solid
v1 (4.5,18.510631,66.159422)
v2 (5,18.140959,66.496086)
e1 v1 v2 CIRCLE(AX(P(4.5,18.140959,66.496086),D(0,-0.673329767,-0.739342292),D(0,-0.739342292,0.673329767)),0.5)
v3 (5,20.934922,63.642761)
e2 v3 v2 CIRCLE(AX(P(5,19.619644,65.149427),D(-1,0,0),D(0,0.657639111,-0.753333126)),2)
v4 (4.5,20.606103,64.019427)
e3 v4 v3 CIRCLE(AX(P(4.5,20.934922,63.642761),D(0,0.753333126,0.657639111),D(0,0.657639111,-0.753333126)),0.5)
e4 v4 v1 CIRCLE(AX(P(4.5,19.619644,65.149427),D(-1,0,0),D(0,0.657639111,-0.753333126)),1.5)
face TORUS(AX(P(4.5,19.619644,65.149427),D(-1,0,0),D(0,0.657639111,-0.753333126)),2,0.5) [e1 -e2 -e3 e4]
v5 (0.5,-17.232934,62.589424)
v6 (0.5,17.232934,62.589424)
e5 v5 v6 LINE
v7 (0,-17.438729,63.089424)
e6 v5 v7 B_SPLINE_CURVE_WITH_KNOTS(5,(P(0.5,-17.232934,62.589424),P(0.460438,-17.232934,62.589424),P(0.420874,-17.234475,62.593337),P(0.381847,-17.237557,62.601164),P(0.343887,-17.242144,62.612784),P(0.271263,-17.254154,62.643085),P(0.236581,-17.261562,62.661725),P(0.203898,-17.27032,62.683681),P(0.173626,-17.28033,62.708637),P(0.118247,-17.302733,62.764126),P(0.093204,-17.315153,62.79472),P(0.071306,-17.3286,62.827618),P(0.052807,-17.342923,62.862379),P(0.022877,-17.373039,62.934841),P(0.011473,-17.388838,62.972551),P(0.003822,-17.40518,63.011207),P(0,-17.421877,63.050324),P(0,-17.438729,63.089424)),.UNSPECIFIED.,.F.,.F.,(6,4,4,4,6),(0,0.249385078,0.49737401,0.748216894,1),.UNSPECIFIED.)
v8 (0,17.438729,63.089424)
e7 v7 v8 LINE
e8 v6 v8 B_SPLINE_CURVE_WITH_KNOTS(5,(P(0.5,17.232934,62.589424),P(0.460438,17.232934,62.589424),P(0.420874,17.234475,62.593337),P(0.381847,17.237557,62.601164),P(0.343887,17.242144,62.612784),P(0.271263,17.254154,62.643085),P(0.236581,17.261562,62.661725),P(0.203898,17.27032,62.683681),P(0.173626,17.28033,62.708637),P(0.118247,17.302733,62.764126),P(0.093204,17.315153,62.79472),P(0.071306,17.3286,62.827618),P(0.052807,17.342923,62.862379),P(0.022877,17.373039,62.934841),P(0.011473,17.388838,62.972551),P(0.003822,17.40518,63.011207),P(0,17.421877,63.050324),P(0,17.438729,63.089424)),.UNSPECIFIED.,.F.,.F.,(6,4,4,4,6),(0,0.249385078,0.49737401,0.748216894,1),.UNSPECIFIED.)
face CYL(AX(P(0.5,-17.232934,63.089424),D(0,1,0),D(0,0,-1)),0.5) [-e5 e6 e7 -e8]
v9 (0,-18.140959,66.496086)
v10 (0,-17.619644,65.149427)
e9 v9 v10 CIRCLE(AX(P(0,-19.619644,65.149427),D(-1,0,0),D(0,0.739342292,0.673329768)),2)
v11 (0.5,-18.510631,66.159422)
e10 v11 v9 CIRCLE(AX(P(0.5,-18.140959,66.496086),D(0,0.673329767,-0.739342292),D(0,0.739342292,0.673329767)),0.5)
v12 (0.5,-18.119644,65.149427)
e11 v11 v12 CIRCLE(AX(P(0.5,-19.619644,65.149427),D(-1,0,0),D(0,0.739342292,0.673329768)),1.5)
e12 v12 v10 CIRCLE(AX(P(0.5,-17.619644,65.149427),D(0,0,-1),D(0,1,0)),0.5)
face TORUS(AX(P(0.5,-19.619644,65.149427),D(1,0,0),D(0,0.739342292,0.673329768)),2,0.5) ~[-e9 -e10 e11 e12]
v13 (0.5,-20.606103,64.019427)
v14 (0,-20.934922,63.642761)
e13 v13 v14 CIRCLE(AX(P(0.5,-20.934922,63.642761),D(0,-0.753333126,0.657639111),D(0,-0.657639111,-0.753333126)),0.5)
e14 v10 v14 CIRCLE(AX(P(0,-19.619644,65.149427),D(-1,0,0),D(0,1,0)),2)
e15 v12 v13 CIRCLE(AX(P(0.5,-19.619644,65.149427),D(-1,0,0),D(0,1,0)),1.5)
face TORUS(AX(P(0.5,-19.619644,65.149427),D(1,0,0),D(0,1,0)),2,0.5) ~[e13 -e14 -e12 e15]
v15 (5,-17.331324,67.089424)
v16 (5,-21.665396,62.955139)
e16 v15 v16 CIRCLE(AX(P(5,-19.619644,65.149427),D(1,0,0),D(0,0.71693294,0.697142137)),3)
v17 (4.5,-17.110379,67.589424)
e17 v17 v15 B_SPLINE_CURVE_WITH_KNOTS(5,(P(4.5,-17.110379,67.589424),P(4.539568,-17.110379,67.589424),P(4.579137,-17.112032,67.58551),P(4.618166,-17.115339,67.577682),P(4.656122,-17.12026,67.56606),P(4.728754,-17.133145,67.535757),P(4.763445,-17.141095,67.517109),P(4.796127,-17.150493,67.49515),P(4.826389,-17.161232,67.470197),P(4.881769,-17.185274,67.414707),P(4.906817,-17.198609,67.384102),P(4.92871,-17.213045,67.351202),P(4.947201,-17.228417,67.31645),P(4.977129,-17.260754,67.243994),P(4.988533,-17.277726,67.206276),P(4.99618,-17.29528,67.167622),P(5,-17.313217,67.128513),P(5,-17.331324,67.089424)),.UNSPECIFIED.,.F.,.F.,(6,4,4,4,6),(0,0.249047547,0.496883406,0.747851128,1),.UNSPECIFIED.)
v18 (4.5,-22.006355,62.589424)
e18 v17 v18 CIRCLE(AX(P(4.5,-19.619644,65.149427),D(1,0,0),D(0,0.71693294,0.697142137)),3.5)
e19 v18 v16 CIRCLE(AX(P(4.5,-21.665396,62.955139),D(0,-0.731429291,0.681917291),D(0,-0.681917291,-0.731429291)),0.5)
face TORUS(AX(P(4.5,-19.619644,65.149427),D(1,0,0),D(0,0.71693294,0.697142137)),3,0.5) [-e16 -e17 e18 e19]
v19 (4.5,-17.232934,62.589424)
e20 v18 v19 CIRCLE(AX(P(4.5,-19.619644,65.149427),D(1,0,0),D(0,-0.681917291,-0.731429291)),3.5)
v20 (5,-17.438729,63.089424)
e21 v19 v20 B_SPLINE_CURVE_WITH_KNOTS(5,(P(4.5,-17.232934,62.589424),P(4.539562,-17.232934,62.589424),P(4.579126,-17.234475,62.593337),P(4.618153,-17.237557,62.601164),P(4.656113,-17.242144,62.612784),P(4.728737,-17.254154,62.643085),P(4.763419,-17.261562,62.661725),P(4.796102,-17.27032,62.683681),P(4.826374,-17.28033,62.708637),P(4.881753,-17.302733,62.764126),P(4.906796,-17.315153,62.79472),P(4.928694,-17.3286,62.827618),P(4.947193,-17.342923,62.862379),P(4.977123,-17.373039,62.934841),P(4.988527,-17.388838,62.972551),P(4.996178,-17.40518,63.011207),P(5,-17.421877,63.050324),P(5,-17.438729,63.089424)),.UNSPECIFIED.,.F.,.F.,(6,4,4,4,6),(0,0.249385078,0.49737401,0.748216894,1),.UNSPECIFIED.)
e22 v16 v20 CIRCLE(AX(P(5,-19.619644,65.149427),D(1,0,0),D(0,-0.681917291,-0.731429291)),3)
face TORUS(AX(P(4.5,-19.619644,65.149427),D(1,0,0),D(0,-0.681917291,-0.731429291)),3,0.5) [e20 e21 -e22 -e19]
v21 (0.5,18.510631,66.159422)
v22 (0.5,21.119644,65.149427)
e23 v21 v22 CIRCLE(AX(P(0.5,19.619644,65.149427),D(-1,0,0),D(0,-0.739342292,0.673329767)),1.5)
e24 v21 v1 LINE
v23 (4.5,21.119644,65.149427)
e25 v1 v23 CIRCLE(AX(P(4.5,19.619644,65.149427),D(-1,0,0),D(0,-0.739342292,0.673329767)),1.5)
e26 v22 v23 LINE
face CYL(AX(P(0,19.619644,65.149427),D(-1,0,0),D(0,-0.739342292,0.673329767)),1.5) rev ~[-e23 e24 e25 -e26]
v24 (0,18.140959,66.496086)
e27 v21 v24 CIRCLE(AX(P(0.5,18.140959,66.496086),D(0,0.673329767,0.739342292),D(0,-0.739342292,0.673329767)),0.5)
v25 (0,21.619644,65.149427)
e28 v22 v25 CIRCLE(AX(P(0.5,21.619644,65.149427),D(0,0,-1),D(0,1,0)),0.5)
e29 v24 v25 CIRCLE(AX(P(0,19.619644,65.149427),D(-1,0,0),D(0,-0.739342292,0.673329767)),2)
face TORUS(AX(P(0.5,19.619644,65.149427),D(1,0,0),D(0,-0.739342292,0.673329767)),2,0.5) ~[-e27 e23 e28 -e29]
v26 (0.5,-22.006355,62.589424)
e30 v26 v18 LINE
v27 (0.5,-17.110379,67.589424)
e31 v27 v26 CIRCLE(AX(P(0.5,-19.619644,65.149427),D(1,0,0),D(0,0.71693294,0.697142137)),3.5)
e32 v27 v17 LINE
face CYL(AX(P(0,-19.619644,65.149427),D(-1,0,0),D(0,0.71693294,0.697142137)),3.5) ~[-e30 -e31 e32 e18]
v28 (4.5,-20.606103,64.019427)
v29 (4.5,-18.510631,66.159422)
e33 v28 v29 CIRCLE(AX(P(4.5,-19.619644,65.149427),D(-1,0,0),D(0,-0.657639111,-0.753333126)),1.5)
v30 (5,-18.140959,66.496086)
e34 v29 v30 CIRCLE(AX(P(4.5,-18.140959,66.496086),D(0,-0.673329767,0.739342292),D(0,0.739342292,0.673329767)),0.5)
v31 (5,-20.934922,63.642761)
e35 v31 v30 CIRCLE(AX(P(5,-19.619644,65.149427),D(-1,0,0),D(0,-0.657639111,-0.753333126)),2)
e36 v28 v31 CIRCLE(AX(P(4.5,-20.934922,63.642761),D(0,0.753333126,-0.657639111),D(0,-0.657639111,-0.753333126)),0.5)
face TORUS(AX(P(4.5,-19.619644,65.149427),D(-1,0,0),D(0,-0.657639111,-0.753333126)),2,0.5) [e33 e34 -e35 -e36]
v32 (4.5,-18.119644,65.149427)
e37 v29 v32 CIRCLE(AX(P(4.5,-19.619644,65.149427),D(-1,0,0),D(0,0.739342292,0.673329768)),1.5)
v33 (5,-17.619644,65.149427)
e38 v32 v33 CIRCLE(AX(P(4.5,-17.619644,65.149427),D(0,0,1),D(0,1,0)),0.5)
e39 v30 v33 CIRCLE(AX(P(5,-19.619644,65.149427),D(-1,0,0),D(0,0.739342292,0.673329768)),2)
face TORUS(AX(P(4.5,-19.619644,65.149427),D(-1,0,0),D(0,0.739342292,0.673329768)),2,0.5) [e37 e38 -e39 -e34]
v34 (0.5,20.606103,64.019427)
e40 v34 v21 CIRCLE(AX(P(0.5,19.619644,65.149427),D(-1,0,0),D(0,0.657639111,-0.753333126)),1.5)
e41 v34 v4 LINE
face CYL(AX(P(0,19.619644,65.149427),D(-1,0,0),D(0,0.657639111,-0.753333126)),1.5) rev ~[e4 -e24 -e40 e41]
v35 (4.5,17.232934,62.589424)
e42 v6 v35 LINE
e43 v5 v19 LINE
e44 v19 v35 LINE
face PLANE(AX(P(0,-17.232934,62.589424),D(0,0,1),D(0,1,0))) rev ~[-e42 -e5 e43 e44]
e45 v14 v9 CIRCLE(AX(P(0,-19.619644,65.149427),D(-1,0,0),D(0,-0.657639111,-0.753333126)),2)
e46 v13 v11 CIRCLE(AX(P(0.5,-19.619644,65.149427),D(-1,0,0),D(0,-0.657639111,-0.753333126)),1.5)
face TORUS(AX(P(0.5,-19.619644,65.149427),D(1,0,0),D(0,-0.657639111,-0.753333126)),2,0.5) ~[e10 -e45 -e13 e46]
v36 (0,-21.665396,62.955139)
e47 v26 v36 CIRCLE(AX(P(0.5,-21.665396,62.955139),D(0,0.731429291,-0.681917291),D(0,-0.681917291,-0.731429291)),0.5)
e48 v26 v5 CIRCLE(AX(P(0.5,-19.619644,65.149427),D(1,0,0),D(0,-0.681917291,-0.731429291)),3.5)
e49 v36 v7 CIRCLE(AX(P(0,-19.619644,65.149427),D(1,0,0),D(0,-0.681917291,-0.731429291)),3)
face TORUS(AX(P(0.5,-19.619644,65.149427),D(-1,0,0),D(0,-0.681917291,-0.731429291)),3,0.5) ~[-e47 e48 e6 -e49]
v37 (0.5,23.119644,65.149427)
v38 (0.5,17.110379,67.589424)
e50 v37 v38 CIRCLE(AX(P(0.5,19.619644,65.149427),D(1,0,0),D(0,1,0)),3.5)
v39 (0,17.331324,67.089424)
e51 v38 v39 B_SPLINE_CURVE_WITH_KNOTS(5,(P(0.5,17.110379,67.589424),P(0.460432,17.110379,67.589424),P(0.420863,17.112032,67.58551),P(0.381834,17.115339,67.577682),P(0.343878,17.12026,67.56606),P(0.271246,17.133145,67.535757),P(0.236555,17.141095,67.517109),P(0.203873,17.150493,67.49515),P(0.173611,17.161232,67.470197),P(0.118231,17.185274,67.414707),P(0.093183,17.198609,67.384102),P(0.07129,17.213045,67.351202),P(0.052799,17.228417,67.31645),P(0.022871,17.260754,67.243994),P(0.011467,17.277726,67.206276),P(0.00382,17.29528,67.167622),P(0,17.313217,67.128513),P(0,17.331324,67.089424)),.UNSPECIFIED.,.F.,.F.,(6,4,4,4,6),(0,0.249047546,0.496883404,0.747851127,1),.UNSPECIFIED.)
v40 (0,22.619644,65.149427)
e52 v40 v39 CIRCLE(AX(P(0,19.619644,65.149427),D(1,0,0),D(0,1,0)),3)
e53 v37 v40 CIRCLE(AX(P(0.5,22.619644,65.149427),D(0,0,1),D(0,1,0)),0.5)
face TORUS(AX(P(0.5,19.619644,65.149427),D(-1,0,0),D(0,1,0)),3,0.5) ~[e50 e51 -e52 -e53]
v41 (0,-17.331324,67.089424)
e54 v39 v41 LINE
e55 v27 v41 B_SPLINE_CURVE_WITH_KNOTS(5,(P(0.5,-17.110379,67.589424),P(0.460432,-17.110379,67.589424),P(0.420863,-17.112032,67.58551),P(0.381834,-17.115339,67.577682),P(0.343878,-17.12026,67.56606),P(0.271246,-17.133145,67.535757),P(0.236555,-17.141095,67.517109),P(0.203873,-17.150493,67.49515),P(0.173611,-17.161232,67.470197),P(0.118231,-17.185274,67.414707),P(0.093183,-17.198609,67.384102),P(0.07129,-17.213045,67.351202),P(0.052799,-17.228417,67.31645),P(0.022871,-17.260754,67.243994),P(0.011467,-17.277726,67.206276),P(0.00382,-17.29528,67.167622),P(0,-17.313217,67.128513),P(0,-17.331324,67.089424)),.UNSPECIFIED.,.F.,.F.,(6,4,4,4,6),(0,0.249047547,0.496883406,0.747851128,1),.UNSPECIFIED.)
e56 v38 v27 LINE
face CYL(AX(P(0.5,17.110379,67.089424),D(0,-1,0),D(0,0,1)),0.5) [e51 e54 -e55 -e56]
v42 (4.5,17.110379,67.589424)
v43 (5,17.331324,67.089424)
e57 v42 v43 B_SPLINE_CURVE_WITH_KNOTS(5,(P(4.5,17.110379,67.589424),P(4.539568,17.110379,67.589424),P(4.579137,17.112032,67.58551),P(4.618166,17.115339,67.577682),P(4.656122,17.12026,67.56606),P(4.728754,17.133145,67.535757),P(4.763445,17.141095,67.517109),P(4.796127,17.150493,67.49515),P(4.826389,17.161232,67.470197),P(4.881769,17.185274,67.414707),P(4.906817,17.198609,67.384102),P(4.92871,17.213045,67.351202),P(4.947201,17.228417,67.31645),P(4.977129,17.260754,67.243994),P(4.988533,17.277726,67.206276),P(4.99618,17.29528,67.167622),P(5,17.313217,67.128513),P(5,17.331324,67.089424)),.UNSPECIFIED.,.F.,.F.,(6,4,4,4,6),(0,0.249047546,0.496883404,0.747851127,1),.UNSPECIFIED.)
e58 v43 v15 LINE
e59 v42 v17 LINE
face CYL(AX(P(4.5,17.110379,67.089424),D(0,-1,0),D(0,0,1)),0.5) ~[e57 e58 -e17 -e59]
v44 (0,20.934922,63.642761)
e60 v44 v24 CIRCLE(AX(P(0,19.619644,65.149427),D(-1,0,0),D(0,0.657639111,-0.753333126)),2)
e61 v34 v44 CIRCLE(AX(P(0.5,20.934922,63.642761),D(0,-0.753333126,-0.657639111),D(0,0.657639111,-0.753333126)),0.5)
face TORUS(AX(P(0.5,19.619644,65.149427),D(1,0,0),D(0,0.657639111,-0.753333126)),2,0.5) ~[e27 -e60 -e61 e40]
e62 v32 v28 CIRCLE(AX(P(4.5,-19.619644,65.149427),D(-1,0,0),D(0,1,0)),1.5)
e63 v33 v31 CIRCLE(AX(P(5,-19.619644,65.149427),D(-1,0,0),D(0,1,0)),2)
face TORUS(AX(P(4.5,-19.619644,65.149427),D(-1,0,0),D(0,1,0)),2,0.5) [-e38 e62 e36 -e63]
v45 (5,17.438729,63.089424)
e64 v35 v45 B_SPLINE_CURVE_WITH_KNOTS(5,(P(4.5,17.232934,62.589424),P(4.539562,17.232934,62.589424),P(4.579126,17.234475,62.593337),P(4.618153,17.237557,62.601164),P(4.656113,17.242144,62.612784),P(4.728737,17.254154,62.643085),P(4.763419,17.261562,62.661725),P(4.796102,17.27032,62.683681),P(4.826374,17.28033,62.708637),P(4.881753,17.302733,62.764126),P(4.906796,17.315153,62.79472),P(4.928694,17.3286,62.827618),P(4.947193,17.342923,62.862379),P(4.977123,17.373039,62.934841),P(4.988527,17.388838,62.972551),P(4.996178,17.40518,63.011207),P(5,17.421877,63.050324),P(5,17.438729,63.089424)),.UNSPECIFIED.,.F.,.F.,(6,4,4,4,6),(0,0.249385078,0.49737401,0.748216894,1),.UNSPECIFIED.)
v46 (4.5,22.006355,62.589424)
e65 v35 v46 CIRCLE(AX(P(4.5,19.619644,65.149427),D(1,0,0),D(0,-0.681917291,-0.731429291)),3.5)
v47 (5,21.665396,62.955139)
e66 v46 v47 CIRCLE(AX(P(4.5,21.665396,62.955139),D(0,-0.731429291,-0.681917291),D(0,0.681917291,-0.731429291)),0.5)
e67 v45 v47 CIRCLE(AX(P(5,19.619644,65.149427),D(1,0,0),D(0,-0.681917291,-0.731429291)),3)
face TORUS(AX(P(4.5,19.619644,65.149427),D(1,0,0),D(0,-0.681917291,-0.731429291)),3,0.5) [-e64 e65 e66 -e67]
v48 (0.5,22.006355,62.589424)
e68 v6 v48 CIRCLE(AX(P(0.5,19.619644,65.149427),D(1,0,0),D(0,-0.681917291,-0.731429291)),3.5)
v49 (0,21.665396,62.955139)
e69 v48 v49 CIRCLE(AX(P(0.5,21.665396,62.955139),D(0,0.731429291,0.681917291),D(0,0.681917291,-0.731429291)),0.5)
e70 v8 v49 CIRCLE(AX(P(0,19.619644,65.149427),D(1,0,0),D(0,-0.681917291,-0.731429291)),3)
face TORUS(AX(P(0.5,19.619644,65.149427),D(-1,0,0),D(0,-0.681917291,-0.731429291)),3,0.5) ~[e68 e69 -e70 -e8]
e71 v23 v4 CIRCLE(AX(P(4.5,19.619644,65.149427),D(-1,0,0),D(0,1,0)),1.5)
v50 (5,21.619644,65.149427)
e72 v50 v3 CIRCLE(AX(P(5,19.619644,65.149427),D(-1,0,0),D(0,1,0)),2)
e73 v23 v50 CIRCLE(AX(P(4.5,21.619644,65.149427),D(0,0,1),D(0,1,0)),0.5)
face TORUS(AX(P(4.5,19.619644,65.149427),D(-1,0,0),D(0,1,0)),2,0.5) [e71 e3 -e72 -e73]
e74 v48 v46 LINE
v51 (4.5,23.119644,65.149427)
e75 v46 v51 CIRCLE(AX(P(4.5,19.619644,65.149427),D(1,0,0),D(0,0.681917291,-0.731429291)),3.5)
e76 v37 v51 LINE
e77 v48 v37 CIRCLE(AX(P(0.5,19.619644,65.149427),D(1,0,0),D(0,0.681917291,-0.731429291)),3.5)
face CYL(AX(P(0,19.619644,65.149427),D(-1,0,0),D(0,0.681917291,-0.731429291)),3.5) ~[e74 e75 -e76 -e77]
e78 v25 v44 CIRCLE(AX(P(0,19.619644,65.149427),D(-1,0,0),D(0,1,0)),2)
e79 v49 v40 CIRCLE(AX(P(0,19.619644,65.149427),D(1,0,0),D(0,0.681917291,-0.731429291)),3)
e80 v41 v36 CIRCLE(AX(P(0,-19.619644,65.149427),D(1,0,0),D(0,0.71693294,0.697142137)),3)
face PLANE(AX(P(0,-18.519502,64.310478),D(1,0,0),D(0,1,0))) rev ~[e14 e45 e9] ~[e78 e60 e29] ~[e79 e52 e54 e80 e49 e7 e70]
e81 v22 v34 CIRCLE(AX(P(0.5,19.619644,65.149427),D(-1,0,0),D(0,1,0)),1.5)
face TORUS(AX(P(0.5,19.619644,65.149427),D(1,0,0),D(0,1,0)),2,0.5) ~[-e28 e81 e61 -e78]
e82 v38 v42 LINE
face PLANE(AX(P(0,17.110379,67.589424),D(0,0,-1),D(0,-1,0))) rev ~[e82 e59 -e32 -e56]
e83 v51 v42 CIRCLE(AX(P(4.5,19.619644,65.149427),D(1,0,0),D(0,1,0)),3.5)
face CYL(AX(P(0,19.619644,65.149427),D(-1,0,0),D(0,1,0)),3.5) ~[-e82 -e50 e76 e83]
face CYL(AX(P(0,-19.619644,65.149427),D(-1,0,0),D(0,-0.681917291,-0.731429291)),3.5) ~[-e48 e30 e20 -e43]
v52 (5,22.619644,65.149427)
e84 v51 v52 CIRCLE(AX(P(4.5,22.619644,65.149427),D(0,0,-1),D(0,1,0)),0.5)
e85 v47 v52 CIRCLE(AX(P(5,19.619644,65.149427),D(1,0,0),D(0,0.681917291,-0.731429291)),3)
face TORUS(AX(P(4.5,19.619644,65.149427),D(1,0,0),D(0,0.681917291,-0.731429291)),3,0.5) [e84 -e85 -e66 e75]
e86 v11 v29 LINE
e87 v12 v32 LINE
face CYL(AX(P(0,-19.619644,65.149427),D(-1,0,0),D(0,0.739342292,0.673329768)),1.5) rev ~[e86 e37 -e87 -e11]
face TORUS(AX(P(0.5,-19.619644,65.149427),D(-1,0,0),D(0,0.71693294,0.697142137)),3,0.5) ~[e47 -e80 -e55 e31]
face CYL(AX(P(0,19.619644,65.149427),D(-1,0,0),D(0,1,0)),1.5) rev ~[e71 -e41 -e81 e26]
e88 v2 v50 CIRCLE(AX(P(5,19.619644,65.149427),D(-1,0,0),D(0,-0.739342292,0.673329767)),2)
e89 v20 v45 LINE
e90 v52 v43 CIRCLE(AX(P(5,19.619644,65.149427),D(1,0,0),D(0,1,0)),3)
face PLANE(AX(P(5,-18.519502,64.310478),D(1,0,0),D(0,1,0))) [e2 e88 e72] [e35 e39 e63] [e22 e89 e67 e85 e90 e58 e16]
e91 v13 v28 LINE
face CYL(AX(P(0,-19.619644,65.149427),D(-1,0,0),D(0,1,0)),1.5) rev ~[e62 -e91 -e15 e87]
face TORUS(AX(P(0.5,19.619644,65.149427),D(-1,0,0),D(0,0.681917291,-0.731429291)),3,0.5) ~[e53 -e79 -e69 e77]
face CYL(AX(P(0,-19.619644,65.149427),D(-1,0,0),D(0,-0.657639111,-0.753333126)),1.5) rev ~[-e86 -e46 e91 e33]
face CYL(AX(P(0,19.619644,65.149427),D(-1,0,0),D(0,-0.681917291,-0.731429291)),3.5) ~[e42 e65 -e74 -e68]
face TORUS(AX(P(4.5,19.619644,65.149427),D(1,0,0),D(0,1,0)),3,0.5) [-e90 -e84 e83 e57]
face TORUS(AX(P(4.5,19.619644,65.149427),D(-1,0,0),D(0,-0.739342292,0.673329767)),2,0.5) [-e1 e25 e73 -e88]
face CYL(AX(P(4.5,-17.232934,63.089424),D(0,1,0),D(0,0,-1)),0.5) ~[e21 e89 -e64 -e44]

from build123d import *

# Parameters (mm, degrees)
F1_DEPTH = 5
F2_R     = 0.5


with BuildPart() as f1:
    # F0 (on Right) → F1 (new body)
    with BuildSketch(Plane.YZ):
        with BuildLine():
            ThreePointArc((-18.5106305825, 66.1594215705), (-18.2208016135, 65.6909432366), (-18.11964402, 65.1494269193))
            ThreePointArc((-18.11964402, 65.1494269193), (-18.9990346422, 63.7838340077), (-20.606102687, 64.0194272298))
            Line((-20.606102687, 64.0194272298), (-22.0063545391, 62.5894244002))
            Line((-22.0063545391, 62.5894244002), (-17.2329335009, 62.5894244002))
            ThreePointArc((-17.2329335009, 62.5894244002), (-16.4100111113, 63.7536272949), (-16.11964402, 65.1494269193))
            ThreePointArc((-16.11964402, 65.1494269193), (-16.3767727218, 66.4661599003), (-17.1103787304, 67.5894244002))
            Line((-17.1103787304, 67.5894244002), (-18.5106305825, 66.1594215705))
        make_face()
        with BuildLine():
            ThreePointArc((-20.606102687, 64.0194272298), (-20.6913943932, 66.1988796994), (-18.5106305825, 66.1594215705))
            Line((-18.5106305825, 66.1594215705), (-17.1103787304, 67.5894244002))
            ThreePointArc((-17.1103787304, 67.5894244002), (-22.1203948908, 67.5981500727), (-22.0063545391, 62.5894244002))
            Line((-22.0063545391, 62.5894244002), (-20.606102687, 64.0194272298))
        make_face()
        with BuildLine():
            Line((-12.1103787304, 67.5894244002), (-17.1103787304, 67.5894244002))
            ThreePointArc((-17.1103787304, 67.5894244002), (-16.3767727218, 66.4661599003), (-16.11964402, 65.1494269193))
            ThreePointArc((-16.11964402, 65.1494269193), (-16.4100111113, 63.7536272949), (-17.2329335009, 62.5894244002))
            Line((-17.2329335009, 62.5894244002), (-6.5383484153, 62.5894244002))
            Line((-6.5383484153, 62.5894244002), (6.5383484153, 62.5894244002))
            Line((6.5383484153, 62.5894244002), (17.2329335009, 62.5894244002))
            ThreePointArc((17.2329335009, 62.5894244002), (16.1206949235, 65.0636643386), (17.1103787304, 67.5894244002))
            Line((17.1103787304, 67.5894244002), (12.1103787304, 67.5894244002))
            Line((12.1103787304, 67.5894244002), (-12.1103787304, 67.5894244002))
        make_face()
        with BuildLine():
            Line((-17.2329335009, 62.5894244002), (-22.0063545391, 62.5894244002))
            ThreePointArc((-22.0063545391, 62.5894244002), (-19.61964402, 61.6494269193), (-17.2329335009, 62.5894244002))
        make_face()
        with BuildLine():
            Line((18.5106305825, 66.1594215705), (17.1103787304, 67.5894244002))
            ThreePointArc((17.1103787304, 67.5894244002), (16.1206949235, 65.0636643386), (17.2329335009, 62.5894244002))
            Line((17.2329335009, 62.5894244002), (22.0063545391, 62.5894244002))
            Line((22.0063545391, 62.5894244002), (20.606102687, 64.0194272298))
            ThreePointArc((20.606102687, 64.0194272298), (18.5478936468, 64.0999741393), (18.5106305825, 66.1594215705))
        make_face()
        with BuildLine():
            ThreePointArc((23.11964402, 65.1494269193), (20.936377001, 68.3922982175), (17.1103787304, 67.5894244002))
            Line((17.1103787304, 67.5894244002), (18.5106305825, 66.1594215705))
            ThreePointArc((18.5106305825, 66.1594215705), (20.1611603373, 66.5482693258), (21.11964402, 65.1494269193))
            ThreePointArc((21.11964402, 65.1494269193), (20.9852369316, 64.5288175416), (20.606102687, 64.0194272298))
            Line((20.606102687, 64.0194272298), (22.0063545391, 62.5894244002))
            ThreePointArc((22.0063545391, 62.5894244002), (22.8292769287, 63.7536272949), (23.11964402, 65.1494269193))
        make_face()
        with BuildLine():
            Line((22.0063545391, 62.5894244002), (17.2329335009, 62.5894244002))
            ThreePointArc((17.2329335009, 62.5894244002), (19.61964402, 61.6494269193), (22.0063545391, 62.5894244002))
        make_face()
    extrude(amount=F1_DEPTH)

    # F2
    f2_edges = [f1.edges().sort_by_distance(p)[0] for p in [
        (5, -23.118593, 65.23519),
        (5, 0, 62.589424),
        (5, 23.118593, 65.23519),
        (5, 0, 67.589424),
        (5, 20.728657, 64.139432),
        (5, -21.119644, 65.149427),
        (0, -23.118593, 65.23519),
        (0, 0, 62.589424),
        (0, 23.118593, 65.23519),
        (0, 0, 67.589424),
        (0, 20.728657, 64.139432),
        (0, -21.119644, 65.149427),
    ]]
    fillet(f2_edges, radius=F2_R)


solid = f1.part
